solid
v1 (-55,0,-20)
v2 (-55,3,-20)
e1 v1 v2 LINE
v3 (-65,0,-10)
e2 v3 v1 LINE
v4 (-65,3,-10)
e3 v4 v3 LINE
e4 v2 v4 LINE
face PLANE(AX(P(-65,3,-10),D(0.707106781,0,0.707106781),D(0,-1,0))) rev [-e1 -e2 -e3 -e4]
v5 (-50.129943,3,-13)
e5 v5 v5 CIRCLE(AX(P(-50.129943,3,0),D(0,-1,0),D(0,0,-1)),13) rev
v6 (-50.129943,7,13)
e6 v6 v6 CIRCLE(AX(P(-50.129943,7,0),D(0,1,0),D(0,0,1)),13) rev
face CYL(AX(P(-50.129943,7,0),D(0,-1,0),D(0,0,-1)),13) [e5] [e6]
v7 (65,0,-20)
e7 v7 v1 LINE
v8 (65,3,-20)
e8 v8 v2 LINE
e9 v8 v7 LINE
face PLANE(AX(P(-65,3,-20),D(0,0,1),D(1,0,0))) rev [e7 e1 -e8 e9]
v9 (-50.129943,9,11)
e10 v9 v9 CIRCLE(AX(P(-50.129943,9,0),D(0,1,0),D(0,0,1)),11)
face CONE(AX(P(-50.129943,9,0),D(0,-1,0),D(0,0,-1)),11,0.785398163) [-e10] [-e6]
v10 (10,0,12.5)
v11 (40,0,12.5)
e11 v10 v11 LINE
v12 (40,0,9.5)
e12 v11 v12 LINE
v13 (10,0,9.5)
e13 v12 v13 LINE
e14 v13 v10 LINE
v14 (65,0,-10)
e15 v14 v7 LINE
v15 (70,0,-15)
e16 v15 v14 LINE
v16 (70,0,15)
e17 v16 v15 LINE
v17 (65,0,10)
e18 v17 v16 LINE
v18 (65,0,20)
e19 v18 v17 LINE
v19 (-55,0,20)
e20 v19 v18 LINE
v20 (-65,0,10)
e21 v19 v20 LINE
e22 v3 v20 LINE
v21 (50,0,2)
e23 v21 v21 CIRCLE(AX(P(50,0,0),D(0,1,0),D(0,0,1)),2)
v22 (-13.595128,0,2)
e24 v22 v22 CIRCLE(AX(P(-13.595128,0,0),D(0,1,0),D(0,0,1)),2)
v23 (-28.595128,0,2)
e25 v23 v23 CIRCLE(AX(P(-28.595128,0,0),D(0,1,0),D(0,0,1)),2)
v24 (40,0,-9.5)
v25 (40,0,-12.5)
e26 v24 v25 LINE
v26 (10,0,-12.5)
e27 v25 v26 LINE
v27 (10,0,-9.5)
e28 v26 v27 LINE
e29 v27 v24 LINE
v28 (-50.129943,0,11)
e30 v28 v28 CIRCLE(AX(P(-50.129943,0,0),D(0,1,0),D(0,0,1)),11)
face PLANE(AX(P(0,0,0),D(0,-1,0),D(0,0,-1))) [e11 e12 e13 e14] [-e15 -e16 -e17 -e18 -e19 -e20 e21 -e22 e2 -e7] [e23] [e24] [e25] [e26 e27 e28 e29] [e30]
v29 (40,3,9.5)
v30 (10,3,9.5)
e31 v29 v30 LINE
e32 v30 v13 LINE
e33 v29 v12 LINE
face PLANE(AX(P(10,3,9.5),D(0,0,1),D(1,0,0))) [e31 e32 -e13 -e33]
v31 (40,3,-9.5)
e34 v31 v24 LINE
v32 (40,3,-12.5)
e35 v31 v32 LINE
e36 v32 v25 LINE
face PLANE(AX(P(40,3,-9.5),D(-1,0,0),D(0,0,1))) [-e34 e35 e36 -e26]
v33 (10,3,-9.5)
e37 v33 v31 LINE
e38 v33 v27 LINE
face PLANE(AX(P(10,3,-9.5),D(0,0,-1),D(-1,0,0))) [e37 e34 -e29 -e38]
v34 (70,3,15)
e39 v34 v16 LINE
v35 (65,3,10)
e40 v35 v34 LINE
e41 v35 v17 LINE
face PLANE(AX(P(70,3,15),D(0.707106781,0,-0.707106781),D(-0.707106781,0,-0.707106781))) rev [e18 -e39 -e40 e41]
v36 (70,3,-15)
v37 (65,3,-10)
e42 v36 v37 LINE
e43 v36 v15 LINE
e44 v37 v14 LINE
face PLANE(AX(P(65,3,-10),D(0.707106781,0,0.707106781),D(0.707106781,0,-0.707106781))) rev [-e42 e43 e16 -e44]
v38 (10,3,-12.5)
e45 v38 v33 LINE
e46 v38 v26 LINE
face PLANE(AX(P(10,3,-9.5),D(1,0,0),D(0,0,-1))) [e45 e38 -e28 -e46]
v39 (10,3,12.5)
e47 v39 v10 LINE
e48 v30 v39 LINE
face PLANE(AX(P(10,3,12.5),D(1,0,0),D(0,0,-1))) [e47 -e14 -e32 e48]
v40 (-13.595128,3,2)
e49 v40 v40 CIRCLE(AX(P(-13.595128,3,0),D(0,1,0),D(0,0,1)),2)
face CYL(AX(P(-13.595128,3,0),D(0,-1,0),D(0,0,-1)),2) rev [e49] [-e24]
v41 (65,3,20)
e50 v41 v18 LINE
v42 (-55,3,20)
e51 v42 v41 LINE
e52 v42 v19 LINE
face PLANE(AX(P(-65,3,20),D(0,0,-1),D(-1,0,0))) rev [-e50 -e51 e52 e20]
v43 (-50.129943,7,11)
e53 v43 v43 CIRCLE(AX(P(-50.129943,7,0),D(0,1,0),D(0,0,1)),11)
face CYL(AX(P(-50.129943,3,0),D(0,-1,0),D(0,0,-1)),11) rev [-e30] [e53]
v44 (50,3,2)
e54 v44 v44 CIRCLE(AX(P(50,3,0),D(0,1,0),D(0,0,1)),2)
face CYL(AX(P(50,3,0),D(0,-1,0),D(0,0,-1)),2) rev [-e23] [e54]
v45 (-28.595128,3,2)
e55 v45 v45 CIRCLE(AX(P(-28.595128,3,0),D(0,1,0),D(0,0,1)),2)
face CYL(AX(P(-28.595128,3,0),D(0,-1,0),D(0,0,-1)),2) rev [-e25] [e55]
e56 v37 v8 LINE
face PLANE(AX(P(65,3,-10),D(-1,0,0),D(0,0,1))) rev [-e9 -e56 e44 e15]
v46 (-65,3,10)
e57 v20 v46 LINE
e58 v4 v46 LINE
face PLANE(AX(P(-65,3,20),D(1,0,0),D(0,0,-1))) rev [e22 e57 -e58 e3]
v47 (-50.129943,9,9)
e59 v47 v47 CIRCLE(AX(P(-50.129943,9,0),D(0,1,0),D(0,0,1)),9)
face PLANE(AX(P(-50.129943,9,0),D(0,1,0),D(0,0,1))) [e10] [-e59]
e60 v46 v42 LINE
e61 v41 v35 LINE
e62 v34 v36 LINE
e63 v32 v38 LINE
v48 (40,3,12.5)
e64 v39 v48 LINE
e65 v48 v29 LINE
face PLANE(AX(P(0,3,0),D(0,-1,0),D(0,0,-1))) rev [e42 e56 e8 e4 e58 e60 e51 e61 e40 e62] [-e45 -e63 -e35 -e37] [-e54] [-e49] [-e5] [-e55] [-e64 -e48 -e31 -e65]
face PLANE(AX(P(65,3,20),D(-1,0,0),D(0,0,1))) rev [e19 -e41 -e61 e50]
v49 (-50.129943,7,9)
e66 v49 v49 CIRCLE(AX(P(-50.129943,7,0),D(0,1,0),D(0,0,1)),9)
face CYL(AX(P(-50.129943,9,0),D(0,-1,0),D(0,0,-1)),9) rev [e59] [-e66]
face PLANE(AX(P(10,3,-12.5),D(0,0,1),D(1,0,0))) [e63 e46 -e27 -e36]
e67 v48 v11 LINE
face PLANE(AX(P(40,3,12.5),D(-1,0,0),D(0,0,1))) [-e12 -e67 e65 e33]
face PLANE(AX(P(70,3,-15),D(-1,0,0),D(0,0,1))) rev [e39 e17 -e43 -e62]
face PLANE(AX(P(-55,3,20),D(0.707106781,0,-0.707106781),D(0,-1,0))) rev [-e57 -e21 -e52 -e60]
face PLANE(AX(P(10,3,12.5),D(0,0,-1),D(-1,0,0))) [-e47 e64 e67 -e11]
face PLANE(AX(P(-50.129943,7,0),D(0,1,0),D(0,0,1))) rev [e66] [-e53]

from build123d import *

# Parameters (mm, degrees)
CROQUIS1_R              = 11
CROQUIS1_R_2            = 2
CROQUIS1_W              = 30
CROQUIS1_H              = 3
SALIENTE_EXTRUIR1_DEPTH = 3
CROQUIS2_R              = 13
CROQUIS2_R_2            = 11
SALIENTE_EXTRUIR2_DEPTH = 4
CROQUIS3_R              = 13
CROQUIS3_R_2            = 9
SALIENTE_EXTRUIR3_DEPTH = 2
CHAFL_N1_SIZE           = 2
CHAFL_N2_SIZE           = 10


with BuildPart() as part:
    # Croquis1 → Saliente-Extruir1 (new body)
    with BuildSketch(Plane(origin=(0, 0, 0), x_dir=(1, 0, 0), z_dir=(0, 1, 0))):
        Polygon((65, 10), (70, 15), (70, -15), (65, -10), (65, -20), (-65, -20), (-65, 20), (65, 20), align=None)
        with Locations(Location((-50.129942902, 0, 0), (0, 0, 270))):
            Circle(CROQUIS1_R, mode=Mode.SUBTRACT)
        with Locations(Location((-28.595127909, 0, 0), (0, 0, 270))):
            Circle(CROQUIS1_R_2, mode=Mode.SUBTRACT)
        with Locations(Location((-13.595127909, 0, 0), (0, 0, 270))):
            Circle(CROQUIS1_R_2, mode=Mode.SUBTRACT)
        with Locations(Location((50, 0, 0), (0, 0, 270))):
            Circle(CROQUIS1_R_2, mode=Mode.SUBTRACT)
        with Locations((25, 11)):
            Rectangle(CROQUIS1_W, CROQUIS1_H, mode=Mode.SUBTRACT)
        with Locations((25, -11)):
            Rectangle(CROQUIS1_W, CROQUIS1_H, mode=Mode.SUBTRACT)
    extrude(amount=SALIENTE_EXTRUIR1_DEPTH)

    # Croquis2 → Saliente-Extruir2 (add)
    with BuildSketch(Plane(origin=(0, 3, 0), x_dir=(1, 0, 0), z_dir=(0, 1, 0))):
        with Locations(Location((-50.129942902, 0, 0), (0, 0, 90))):
            Circle(CROQUIS2_R)
        with Locations(Location((-50.129942902, 0, 0), (0, 0, 270))):
            Circle(CROQUIS2_R_2, mode=Mode.SUBTRACT)
    extrude(amount=SALIENTE_EXTRUIR2_DEPTH)

    # Croquis3 → Saliente-Extruir3 (add)
    with BuildSketch(Plane(origin=(0, 7, 0), x_dir=(1, 0, 0), z_dir=(0, 1, 0))):
        with Locations(Location((-50.129942902, 0, 0), (0, 0, 90))):
            Circle(CROQUIS3_R)
        with Locations(Location((-50.129942902, 0, 0), (0, 0, 270))):
            Circle(CROQUIS3_R_2, mode=Mode.SUBTRACT)
    extrude(amount=SALIENTE_EXTRUIR3_DEPTH)

    # Chaflán1
    chafl_n1_edges = [part.edges().sort_by_distance(p)[0] for p in [
        (-50.129942902, 9, 13),
    ]]
    chamfer(chafl_n1_edges, length=CHAFL_N1_SIZE)

    # Chaflán2
    chafl_n2_edges = [part.edges().sort_by_distance(p)[0] for p in [
        (-65, 1.5, 20),
        (-65, 1.5, -20),
    ]]
    chamfer(chafl_n2_edges, length=CHAFL_N2_SIZE)


solid = part.part
